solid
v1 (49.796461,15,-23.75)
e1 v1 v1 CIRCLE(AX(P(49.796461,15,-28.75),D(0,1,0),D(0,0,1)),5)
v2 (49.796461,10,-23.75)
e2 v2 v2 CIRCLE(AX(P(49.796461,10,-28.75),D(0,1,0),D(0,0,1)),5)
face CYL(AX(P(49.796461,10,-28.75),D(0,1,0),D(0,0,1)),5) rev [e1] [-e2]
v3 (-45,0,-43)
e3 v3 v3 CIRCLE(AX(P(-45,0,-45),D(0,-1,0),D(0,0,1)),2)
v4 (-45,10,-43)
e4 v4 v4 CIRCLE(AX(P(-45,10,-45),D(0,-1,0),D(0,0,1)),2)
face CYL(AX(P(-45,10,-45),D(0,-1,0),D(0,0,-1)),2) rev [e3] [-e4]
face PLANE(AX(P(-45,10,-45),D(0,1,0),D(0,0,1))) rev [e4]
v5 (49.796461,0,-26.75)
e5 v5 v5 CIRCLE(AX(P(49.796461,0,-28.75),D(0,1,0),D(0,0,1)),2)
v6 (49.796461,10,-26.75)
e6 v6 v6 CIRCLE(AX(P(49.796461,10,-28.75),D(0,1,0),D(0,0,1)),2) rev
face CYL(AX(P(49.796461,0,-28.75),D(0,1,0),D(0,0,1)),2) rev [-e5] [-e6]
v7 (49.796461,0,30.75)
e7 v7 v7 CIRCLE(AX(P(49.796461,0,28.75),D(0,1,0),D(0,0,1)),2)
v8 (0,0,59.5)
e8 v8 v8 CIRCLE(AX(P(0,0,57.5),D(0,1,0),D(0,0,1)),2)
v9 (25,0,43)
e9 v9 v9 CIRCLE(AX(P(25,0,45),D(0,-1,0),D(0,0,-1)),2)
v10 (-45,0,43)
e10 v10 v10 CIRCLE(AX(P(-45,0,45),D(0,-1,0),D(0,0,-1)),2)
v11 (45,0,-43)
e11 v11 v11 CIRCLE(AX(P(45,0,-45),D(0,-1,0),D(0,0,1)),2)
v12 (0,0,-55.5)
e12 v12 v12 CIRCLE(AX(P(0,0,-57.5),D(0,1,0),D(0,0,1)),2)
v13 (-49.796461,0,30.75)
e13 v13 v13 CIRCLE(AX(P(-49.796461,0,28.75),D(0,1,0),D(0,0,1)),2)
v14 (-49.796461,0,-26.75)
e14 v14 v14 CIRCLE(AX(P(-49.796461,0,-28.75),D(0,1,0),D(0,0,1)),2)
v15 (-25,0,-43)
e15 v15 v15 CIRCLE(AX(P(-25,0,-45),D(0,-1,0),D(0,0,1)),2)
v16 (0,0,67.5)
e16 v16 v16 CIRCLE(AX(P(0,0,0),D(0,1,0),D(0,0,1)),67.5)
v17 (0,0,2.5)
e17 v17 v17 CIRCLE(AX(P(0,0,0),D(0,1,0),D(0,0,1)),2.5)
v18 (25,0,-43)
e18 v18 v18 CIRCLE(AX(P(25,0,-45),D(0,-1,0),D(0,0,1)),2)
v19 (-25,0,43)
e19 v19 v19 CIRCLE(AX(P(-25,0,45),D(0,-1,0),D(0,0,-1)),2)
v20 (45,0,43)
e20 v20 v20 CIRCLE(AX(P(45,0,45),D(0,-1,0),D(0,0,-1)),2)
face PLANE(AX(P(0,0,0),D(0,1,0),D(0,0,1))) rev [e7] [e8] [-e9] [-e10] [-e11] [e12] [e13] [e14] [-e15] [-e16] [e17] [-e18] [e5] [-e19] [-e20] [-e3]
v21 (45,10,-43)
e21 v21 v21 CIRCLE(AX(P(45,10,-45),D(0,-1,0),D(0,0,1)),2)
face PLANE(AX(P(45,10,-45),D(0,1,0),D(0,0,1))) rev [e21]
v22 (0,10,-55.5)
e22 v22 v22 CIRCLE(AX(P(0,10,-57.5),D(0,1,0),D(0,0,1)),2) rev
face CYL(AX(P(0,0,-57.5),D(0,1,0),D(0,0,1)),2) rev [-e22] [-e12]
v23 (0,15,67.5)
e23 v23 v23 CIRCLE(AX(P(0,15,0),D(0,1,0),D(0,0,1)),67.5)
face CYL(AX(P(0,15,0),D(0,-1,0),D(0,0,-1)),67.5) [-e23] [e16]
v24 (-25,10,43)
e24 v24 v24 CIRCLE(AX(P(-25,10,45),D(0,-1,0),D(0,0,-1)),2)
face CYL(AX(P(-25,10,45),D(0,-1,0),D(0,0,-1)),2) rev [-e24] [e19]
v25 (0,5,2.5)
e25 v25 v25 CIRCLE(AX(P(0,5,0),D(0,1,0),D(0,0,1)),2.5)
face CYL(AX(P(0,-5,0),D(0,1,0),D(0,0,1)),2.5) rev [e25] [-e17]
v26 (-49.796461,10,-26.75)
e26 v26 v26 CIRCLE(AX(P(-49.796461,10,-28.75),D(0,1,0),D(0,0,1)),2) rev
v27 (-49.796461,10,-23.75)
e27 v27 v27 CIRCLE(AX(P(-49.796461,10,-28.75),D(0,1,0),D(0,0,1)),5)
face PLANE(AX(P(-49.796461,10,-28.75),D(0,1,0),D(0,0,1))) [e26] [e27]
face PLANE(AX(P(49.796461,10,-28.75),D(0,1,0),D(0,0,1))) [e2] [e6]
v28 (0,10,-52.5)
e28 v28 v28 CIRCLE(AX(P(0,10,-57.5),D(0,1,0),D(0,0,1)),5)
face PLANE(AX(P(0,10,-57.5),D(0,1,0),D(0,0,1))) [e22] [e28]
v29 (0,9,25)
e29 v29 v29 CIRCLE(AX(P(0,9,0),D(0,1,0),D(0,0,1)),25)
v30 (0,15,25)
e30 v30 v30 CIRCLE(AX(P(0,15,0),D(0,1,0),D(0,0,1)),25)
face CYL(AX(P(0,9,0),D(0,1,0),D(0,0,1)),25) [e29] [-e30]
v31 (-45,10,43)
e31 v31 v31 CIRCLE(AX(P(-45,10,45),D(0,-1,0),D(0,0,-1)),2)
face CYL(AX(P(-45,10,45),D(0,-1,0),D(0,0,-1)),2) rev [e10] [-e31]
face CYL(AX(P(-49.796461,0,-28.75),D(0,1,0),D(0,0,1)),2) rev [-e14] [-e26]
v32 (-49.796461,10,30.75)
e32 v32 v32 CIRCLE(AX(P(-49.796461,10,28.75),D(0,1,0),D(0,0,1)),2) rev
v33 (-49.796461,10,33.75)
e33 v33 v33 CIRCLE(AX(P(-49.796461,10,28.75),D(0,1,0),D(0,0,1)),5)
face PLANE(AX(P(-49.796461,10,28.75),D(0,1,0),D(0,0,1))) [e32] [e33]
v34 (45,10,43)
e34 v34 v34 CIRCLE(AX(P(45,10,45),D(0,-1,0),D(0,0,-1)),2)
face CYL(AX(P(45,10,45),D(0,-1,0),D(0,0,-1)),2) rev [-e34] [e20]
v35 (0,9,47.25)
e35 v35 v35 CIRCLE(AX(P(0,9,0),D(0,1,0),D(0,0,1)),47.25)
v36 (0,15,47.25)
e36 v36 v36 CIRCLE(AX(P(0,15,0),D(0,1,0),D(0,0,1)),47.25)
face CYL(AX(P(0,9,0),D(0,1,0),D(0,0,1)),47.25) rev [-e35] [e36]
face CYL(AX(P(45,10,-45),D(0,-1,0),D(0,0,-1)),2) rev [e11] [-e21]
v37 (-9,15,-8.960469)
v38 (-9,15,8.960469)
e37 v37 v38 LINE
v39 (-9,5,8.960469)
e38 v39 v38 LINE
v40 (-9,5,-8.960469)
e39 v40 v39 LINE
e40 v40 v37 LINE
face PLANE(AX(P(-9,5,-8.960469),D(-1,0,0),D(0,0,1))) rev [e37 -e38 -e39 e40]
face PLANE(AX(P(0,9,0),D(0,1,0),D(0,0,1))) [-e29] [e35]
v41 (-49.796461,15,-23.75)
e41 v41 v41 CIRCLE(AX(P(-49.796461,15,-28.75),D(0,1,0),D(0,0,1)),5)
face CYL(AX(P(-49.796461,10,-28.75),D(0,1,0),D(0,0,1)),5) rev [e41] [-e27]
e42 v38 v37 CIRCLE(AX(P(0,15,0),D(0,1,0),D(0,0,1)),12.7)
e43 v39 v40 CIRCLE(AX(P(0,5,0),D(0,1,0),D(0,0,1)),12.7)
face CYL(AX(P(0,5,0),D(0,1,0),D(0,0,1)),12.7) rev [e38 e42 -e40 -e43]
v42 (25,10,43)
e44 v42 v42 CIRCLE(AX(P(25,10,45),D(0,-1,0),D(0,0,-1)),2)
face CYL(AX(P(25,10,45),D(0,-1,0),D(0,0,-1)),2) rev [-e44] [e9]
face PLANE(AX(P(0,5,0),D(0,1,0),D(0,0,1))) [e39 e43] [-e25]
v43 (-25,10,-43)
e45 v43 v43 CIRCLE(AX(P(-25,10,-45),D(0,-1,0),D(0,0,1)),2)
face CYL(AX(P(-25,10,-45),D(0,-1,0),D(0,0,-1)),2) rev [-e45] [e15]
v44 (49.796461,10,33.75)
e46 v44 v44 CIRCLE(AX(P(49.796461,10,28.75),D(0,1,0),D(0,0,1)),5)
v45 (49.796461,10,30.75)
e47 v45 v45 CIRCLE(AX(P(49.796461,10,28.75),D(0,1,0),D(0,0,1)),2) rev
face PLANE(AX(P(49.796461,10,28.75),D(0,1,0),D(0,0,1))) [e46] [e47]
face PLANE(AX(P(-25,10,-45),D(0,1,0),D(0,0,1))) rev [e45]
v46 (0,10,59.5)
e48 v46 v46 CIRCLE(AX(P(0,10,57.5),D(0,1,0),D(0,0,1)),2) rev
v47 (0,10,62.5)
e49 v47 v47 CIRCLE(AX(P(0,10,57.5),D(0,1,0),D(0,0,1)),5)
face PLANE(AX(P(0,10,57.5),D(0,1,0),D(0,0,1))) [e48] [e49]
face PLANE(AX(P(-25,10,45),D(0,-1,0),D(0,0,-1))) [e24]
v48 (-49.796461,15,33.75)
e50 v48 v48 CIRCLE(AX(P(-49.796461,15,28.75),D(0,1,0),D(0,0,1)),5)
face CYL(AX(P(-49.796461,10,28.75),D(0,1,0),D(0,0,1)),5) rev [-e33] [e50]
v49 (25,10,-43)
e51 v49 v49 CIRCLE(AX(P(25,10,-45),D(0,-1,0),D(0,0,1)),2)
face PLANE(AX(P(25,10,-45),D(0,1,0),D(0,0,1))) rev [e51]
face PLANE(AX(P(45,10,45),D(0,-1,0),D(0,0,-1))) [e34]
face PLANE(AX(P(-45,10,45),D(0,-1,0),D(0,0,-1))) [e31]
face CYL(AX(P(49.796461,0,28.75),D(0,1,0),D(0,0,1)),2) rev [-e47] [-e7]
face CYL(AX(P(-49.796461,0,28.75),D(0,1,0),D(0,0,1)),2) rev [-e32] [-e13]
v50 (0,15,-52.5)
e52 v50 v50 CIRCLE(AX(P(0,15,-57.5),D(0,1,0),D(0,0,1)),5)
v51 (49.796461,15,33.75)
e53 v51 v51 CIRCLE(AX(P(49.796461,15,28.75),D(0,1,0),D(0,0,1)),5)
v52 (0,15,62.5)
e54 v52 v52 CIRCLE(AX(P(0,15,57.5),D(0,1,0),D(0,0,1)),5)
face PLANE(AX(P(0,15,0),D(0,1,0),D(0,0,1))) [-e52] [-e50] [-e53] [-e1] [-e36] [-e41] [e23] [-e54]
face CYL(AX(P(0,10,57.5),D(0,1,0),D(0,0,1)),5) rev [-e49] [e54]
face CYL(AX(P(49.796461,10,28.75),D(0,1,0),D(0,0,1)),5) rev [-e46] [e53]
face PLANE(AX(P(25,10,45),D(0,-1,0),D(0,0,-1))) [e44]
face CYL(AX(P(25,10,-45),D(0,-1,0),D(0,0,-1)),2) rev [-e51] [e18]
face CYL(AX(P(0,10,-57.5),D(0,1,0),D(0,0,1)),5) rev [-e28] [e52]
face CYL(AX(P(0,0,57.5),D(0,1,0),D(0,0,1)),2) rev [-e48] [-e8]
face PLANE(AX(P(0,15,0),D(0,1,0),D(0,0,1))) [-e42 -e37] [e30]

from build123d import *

# Parameters (mm, degrees)
SKETCH1_R           = 67.5
BOSS_EXTRUDE1_DEPTH = 15
SKETCH2_R           = 47.25
SKETCH2_R_2         = 25
CUT_EXTRUDE1_DEPTH  = 6
CUT_EXTRUDE2_DEPTH  = 10
SKETCH5_R           = 2.5
CUT_EXTRUDE3_DEPTH  = 10
SKETCH6_R           = 2
CUT_EXTRUDE4_DEPTH  = 15
SKETCH7_R           = 5
CUT_EXTRUDE5_DEPTH  = 5
SKETCH8_R           = 2
CUT_EXTRUDE6_DEPTH  = 10


with BuildPart() as part:
    # Sketch1 → Boss-Extrude1 (new body)
    with BuildSketch(Plane(origin=(0, 0, 0), x_dir=(1, 0, 0), z_dir=(0, 1, 0))):
        Circle(SKETCH1_R)
    extrude(amount=BOSS_EXTRUDE1_DEPTH)

    # Sketch2 → Cut-Extrude1 (cut)
    with BuildSketch(Plane(origin=(0, 15, 0), x_dir=(1, 0, 0), z_dir=(0, 1, 0))):
        Circle(SKETCH2_R)
        Circle(SKETCH2_R_2, mode=Mode.SUBTRACT)
    extrude(amount=-CUT_EXTRUDE1_DEPTH, mode=Mode.SUBTRACT)

    # Sketch3 → Cut-Extrude2 (cut)
    with BuildSketch(Plane(origin=(0, 15, 0), x_dir=(1, 0, 0), z_dir=(0, 1, 0))):
        with BuildLine():
            Line((-9, 8.960468738), (-9, -8.960468738))
            ThreePointArc((-9, -8.960468738), (12.7, 0), (-9, 8.960468738))
        make_face()
    extrude(amount=-CUT_EXTRUDE2_DEPTH, mode=Mode.SUBTRACT)

    # Sketch5 → Cut-Extrude3 (cut)
    with BuildSketch(Plane(origin=(0, 5, 0), x_dir=(1, 0, 0), z_dir=(0, 1, 0))):
        Circle(SKETCH5_R)
    extrude(amount=-CUT_EXTRUDE3_DEPTH, mode=Mode.SUBTRACT)

    # Sketch6 → Cut-Extrude4 (cut)
    with BuildSketch(Plane(origin=(0, 15, 0), x_dir=(1, 0, 0), z_dir=(0, 1, 0))):
        with Locations((0, 57.5)):
            Circle(SKETCH6_R)
        with Locations((49.796460718, 28.75)):
            Circle(SKETCH6_R)
        with Locations((49.796460718, -28.75)):
            Circle(SKETCH6_R)
        with Locations((0, -57.5)):
            Circle(SKETCH6_R)
        with Locations((-49.796460718, -28.75)):
            Circle(SKETCH6_R)
        with Locations((-49.796460718, 28.75)):
            Circle(SKETCH6_R)
    extrude(amount=-CUT_EXTRUDE4_DEPTH, mode=Mode.SUBTRACT)

    # Sketch7 → Cut-Extrude5 (cut)
    with BuildSketch(Plane(origin=(0, 15, 0), x_dir=(1, 0, 0), z_dir=(0, 1, 0))):
        with Locations((0, 57.5)):
            Circle(SKETCH7_R)
        with Locations((49.796460718, 28.75)):
            Circle(SKETCH7_R)
        with Locations((49.796460718, -28.75)):
            Circle(SKETCH7_R)
        with Locations((0, -57.5)):
            Circle(SKETCH7_R)
        with Locations((-49.796460718, -28.75)):
            Circle(SKETCH7_R)
        with Locations((-49.796460718, 28.75)):
            Circle(SKETCH7_R)
    extrude(amount=-CUT_EXTRUDE5_DEPTH, mode=Mode.SUBTRACT)

    # Sketch8 → Cut-Extrude6 (cut)
    with BuildSketch(Plane.XZ):
        with Locations((-25, 45)):
            Circle(SKETCH8_R)
        with Locations((-45, 45)):
            Circle(SKETCH8_R)
        with Locations((25, 45)):
            Circle(SKETCH8_R)
        with Locations((45, 45)):
            Circle(SKETCH8_R)
        with Locations((45, -45)):
            Circle(SKETCH8_R)
        with Locations((25, -45)):
            Circle(SKETCH8_R)
        with Locations((-25, -45)):
            Circle(SKETCH8_R)
        with Locations((-45, -45)):
            Circle(SKETCH8_R)
    extrude(amount=-CUT_EXTRUDE6_DEPTH, mode=Mode.SUBTRACT)


solid = part.part
